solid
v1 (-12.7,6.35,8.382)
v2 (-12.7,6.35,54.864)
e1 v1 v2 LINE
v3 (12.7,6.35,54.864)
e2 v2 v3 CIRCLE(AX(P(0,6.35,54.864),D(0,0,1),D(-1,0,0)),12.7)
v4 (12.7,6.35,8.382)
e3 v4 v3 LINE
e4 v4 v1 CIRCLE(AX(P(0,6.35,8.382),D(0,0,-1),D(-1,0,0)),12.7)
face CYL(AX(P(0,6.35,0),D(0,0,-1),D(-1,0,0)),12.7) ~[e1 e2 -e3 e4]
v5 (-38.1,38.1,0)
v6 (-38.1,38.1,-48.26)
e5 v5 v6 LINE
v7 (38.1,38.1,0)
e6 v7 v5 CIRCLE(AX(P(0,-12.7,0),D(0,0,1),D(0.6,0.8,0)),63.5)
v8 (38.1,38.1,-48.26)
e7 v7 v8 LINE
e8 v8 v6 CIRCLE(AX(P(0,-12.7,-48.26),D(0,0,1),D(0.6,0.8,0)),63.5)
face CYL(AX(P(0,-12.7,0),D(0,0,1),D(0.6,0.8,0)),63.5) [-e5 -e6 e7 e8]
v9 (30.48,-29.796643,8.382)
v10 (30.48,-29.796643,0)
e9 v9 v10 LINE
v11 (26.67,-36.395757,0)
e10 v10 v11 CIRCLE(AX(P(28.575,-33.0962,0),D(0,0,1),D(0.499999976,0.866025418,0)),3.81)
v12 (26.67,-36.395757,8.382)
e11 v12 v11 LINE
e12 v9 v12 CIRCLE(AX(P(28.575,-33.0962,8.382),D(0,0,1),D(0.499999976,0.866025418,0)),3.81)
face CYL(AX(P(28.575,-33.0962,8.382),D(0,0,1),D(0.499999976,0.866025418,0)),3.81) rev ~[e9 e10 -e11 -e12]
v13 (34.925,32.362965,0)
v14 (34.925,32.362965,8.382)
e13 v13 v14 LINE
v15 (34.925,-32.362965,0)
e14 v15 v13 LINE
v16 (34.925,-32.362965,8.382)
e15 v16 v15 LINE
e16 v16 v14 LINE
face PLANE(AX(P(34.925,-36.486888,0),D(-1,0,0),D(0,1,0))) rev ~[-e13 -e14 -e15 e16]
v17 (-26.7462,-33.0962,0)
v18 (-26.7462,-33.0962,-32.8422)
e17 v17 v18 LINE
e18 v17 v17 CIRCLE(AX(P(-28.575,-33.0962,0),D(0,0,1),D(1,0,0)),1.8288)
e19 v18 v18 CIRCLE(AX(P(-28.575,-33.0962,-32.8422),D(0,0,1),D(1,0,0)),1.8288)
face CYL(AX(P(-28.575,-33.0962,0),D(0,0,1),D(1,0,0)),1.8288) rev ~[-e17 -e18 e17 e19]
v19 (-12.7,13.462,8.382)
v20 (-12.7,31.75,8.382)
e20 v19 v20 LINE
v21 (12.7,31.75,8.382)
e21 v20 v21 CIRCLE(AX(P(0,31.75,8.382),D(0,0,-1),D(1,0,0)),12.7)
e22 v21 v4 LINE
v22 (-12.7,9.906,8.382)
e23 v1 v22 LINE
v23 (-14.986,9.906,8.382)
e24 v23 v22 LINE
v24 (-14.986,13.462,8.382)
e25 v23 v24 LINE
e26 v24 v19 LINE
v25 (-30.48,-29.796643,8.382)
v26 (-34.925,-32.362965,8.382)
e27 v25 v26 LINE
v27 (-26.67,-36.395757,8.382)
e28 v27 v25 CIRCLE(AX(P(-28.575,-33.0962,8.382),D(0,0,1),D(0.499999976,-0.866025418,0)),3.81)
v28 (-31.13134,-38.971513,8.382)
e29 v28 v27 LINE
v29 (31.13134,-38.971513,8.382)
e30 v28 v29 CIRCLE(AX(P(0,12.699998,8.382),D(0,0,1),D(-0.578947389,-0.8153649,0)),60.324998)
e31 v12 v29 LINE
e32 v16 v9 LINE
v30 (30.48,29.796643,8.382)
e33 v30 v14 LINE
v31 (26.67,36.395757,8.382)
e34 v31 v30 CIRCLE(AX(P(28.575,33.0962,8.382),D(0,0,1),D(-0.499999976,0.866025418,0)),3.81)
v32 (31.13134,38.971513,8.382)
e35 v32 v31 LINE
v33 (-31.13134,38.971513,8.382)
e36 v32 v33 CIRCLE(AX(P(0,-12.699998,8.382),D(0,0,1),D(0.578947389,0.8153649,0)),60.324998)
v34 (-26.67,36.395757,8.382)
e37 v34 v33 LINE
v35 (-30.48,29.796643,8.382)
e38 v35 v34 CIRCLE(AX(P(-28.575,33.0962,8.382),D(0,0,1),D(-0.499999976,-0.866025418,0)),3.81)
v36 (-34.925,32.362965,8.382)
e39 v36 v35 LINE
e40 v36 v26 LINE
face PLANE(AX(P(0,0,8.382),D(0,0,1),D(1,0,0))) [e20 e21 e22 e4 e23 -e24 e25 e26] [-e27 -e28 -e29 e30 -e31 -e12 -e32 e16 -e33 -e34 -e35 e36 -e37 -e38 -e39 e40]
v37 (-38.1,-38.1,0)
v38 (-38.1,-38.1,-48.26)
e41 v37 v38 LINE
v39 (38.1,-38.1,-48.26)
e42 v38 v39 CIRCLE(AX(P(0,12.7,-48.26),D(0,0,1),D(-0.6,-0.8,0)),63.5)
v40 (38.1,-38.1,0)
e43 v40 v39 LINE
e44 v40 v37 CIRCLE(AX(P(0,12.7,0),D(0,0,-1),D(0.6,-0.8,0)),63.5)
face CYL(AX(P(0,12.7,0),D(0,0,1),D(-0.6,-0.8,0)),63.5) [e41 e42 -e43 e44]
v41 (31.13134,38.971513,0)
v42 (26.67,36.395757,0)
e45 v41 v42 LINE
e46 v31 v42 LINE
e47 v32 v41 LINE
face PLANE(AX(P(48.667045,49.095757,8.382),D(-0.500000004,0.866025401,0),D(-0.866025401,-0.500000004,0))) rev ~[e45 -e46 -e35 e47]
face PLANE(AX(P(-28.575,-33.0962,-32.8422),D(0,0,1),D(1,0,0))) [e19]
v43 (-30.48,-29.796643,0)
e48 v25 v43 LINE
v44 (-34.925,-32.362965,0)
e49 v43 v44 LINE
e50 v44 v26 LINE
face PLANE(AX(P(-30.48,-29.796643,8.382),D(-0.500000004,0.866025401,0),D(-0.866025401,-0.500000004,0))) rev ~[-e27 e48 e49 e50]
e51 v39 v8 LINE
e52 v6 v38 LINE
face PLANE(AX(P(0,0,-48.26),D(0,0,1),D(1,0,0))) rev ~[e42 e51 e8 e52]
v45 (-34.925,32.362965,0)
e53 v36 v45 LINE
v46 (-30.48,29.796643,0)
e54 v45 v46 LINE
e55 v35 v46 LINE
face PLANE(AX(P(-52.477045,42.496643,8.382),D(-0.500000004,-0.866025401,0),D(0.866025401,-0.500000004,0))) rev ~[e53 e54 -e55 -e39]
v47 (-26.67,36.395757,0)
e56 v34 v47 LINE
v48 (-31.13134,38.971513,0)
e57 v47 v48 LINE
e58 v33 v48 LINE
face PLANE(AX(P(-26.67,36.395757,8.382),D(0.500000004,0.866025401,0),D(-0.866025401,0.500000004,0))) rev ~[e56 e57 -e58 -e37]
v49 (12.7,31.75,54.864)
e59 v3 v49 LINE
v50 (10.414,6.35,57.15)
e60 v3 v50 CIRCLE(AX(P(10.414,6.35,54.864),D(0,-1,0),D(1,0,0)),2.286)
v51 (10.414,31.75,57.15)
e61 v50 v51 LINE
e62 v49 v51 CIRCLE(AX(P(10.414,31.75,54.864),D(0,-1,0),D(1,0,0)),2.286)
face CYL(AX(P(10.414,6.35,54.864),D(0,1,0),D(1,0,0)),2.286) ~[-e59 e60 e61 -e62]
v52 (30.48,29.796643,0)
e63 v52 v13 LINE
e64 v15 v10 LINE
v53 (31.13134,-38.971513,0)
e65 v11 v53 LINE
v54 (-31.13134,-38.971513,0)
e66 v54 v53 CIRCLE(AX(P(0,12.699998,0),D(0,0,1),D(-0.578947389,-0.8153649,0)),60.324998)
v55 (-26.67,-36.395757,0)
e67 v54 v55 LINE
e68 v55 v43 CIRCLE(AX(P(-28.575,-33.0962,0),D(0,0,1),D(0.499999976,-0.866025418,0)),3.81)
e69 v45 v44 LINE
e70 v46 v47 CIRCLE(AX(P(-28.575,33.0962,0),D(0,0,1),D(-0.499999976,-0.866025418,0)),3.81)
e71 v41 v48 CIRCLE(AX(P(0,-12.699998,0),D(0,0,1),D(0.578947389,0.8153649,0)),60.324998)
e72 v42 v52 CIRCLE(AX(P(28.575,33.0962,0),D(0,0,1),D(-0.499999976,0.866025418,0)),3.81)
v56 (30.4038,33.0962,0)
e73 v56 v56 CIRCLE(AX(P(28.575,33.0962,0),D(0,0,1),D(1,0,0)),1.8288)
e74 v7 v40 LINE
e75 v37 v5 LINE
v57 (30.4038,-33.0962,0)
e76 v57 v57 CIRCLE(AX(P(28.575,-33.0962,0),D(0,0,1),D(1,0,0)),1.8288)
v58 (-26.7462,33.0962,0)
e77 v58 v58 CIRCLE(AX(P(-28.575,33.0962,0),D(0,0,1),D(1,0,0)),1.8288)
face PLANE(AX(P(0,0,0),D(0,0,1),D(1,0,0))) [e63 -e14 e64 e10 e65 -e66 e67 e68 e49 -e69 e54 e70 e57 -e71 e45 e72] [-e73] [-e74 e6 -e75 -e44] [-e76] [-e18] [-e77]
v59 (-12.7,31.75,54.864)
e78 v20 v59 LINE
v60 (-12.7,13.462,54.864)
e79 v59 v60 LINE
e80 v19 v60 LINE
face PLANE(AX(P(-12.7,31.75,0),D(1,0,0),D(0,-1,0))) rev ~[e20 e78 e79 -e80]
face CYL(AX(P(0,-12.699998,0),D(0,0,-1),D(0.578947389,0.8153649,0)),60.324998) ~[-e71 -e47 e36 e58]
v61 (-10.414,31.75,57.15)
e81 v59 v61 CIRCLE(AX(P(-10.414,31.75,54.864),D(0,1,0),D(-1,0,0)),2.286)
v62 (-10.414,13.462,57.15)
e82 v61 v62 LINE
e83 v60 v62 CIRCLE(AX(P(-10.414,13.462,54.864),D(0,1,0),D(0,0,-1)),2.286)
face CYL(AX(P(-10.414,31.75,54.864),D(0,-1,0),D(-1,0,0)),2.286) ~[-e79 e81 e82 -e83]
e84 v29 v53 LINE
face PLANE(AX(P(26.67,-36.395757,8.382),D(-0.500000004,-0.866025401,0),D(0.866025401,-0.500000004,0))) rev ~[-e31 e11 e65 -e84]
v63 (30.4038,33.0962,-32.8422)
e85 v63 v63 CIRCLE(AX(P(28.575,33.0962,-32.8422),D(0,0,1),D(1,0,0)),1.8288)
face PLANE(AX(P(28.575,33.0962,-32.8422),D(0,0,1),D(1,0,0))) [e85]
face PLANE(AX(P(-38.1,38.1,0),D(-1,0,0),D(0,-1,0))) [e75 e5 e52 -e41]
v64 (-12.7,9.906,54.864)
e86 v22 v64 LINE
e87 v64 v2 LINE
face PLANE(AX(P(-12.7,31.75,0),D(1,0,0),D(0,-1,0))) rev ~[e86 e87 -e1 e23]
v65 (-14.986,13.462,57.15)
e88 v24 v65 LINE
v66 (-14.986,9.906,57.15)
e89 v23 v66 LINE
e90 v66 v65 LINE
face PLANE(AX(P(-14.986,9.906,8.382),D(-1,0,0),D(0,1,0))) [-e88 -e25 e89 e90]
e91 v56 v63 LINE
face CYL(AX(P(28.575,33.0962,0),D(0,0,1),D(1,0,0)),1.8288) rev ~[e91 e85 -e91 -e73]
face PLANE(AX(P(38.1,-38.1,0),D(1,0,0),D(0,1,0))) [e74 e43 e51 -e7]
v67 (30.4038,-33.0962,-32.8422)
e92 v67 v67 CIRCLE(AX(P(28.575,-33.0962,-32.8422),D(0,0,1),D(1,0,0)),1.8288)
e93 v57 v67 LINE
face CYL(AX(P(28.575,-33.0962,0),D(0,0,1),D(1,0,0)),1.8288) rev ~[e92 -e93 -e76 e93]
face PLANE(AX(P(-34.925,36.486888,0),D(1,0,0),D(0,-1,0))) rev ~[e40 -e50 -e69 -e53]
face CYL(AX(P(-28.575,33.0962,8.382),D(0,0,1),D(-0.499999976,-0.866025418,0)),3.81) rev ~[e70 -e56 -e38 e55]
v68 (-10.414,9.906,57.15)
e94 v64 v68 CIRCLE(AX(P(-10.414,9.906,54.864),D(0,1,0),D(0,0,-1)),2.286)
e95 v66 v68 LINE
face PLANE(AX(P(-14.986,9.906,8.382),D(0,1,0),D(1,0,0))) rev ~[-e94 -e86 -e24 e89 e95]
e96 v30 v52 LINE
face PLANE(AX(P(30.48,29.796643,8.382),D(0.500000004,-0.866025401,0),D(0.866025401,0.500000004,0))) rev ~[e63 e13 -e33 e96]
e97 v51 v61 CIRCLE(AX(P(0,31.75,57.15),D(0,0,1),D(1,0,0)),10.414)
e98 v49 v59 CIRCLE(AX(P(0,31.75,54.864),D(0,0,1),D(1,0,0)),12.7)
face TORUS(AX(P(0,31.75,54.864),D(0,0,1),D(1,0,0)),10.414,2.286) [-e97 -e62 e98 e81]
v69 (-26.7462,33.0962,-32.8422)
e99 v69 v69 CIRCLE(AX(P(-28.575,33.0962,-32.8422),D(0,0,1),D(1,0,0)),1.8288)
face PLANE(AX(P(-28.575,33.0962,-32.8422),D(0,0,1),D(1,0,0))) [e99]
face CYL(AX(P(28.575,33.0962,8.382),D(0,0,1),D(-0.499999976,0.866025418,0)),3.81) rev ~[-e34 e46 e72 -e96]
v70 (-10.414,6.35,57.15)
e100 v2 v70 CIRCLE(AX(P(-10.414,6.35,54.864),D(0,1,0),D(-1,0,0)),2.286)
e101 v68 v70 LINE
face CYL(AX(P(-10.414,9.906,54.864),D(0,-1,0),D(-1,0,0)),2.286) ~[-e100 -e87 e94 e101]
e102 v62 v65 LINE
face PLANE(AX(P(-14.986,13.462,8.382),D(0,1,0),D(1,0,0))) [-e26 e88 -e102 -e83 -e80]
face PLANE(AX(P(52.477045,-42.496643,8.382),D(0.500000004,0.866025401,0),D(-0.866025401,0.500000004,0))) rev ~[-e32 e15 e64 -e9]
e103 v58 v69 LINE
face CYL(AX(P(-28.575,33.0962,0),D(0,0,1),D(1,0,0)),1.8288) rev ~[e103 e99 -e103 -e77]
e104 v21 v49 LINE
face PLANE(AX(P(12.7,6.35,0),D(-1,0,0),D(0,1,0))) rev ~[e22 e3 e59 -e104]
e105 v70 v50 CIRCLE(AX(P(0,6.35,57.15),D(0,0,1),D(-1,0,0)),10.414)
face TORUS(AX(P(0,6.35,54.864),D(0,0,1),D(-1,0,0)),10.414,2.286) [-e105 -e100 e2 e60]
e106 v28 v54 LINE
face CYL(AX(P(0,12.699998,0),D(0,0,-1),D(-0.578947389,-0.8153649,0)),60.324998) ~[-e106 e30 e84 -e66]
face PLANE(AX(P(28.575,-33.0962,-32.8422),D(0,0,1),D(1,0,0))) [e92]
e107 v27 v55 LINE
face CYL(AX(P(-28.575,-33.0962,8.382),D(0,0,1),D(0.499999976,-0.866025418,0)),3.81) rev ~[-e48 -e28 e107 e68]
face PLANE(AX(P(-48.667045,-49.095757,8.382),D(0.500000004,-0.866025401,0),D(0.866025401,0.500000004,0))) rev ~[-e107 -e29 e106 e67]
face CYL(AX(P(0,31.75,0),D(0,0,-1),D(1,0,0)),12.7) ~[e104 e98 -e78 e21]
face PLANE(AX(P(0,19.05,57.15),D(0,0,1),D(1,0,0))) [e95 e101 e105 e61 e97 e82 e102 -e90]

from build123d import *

# Parameters (mm, degrees)
F1_DEPTH  = 48.26
F3_DEPTH  = 8.382
F5_DEPTH  = 8.382
F6_R      = 1.8288
F7_DEPTH  = 32.8422
F8_R      = 1.8288
F9_DEPTH  = 32.8422
F11_DEPTH = 57.15
F12_W     = 2.286
F12_H     = 3.556
F13_DEPTH = 48.768
F14_R     = 2.286


with BuildPart() as f1:
    # F0 (on Top) → F1 (new body)
    with BuildSketch(Plane.XY):
        with BuildLine():
            ThreePointArc((-38.1, -38.1), (0, -50.8), (38.1, -38.1))
            Line((38.1, -38.1), (38.1, 38.1))
            ThreePointArc((38.1, 38.1), (0, 50.8), (-38.1, 38.1))
            Line((-38.1, 38.1), (-38.1, -38.1))
        make_face()
    extrude(amount=-F1_DEPTH)

    # F2 (on face) → F3 (join)
    with BuildSketch(Plane.XY):
        with BuildLine():
            Line((-34.925, 36.486888), (-34.925, -36.486888))
            ThreePointArc((-34.925, -36.486888), (0, -47.625), (34.925, -36.486888))
            Line((34.925, -36.486888), (34.925, 36.486888))
            ThreePointArc((34.925, 36.486888), (0, 47.625), (-34.925, 36.486888))
        make_face()
    extrude(amount=F3_DEPTH)

    # F4 (on face) → F5 (cut, through all)
    with BuildSketch(Plane.XY.offset(8.382)):
        with BuildLine():
            ThreePointArc((-26.67, -36.395757), (-25.275443, -31.1912), (-30.48, -29.796643))
            Line((-30.48, -29.796643), (-52.477045, -42.496643))
            ThreePointArc((-52.477045, -42.496643), (-53.871602, -47.7012), (-48.667045, -49.095757))
            Line((-48.667045, -49.095757), (-26.67, -36.395757))
        make_face()
        with BuildLine():
            Line((52.477045, -42.496643), (30.48, -29.796643))
            ThreePointArc((30.48, -29.796643), (25.275443, -31.1912), (26.67, -36.395757))
            Line((26.67, -36.395757), (48.667045, -49.095757))
            ThreePointArc((48.667045, -49.095757), (53.871602, -47.7012), (52.477045, -42.496643))
        make_face()
        with BuildLine():
            Line((-52.477045, 42.496643), (-30.48, 29.796643))
            ThreePointArc((-30.48, 29.796643), (-25.275443, 31.1912), (-26.67, 36.395757))
            Line((-26.67, 36.395757), (-48.667045, 49.095757))
            ThreePointArc((-48.667045, 49.095757), (-53.871602, 47.7012), (-52.477045, 42.496643))
        make_face()
        with BuildLine():
            ThreePointArc((26.67, 36.395757), (25.275443, 31.1912), (30.48, 29.796643))
            Line((30.48, 29.796643), (52.477045, 42.496643))
            ThreePointArc((52.477045, 42.496643), (53.871602, 47.7012), (48.667045, 49.095757))
            Line((48.667045, 49.095757), (26.67, 36.395757))
        make_face()
    extrude(amount=-F5_DEPTH, mode=Mode.SUBTRACT)

    # F6 (on face) → F7 (cut)
    with BuildSketch(Plane.XY):
        with Locations((-28.575, 33.0962)):
            Circle(F6_R)
        with Locations((28.575, 33.0962)):
            Circle(F6_R)
        with Locations((28.575, -33.0962)):
            Circle(F6_R)
        with Locations((-28.575, -33.0962)):
            Circle(F6_R)
    extrude(amount=-F7_DEPTH, mode=Mode.SUBTRACT)

    # F8 (on face) → F9 (cut)
    with BuildSketch(Plane.XY):
        with Locations((-28.575, 33.0962)):
            Circle(F8_R)
        with Locations((28.575, 33.0962)):
            Circle(F8_R)
        with Locations((28.575, -33.0962)):
            Circle(F8_R)
        with Locations((-28.575, -33.0962)):
            Circle(F8_R)
    extrude(amount=-F9_DEPTH, mode=Mode.SUBTRACT)

    # F10 (on Top) → F11 (join)
    with BuildSketch(Plane.XY):
        with BuildLine():
            ThreePointArc((-12.7, 6.35), (0, -6.35), (12.7, 6.35))
            Line((12.7, 6.35), (12.7, 31.75))
            ThreePointArc((12.7, 31.75), (0, 44.45), (-12.7, 31.75))
            Line((-12.7, 31.75), (-12.7, 6.35))
        make_face()
    extrude(amount=F11_DEPTH)

    # F12 (on face) → F13 (join, through all)
    with BuildSketch(Plane.XY.offset(8.382)):
        with Locations((-13.843, 11.684)):
            Rectangle(F12_W, F12_H)
    extrude(amount=F13_DEPTH)

    # F14
    f14_edges = [f1.edges().sort_by_distance(p)[0] for p in [
        (12.7, 19.05, 57.15),
    ]]
    fillet(f14_edges, radius=F14_R)


solid = f1.part
